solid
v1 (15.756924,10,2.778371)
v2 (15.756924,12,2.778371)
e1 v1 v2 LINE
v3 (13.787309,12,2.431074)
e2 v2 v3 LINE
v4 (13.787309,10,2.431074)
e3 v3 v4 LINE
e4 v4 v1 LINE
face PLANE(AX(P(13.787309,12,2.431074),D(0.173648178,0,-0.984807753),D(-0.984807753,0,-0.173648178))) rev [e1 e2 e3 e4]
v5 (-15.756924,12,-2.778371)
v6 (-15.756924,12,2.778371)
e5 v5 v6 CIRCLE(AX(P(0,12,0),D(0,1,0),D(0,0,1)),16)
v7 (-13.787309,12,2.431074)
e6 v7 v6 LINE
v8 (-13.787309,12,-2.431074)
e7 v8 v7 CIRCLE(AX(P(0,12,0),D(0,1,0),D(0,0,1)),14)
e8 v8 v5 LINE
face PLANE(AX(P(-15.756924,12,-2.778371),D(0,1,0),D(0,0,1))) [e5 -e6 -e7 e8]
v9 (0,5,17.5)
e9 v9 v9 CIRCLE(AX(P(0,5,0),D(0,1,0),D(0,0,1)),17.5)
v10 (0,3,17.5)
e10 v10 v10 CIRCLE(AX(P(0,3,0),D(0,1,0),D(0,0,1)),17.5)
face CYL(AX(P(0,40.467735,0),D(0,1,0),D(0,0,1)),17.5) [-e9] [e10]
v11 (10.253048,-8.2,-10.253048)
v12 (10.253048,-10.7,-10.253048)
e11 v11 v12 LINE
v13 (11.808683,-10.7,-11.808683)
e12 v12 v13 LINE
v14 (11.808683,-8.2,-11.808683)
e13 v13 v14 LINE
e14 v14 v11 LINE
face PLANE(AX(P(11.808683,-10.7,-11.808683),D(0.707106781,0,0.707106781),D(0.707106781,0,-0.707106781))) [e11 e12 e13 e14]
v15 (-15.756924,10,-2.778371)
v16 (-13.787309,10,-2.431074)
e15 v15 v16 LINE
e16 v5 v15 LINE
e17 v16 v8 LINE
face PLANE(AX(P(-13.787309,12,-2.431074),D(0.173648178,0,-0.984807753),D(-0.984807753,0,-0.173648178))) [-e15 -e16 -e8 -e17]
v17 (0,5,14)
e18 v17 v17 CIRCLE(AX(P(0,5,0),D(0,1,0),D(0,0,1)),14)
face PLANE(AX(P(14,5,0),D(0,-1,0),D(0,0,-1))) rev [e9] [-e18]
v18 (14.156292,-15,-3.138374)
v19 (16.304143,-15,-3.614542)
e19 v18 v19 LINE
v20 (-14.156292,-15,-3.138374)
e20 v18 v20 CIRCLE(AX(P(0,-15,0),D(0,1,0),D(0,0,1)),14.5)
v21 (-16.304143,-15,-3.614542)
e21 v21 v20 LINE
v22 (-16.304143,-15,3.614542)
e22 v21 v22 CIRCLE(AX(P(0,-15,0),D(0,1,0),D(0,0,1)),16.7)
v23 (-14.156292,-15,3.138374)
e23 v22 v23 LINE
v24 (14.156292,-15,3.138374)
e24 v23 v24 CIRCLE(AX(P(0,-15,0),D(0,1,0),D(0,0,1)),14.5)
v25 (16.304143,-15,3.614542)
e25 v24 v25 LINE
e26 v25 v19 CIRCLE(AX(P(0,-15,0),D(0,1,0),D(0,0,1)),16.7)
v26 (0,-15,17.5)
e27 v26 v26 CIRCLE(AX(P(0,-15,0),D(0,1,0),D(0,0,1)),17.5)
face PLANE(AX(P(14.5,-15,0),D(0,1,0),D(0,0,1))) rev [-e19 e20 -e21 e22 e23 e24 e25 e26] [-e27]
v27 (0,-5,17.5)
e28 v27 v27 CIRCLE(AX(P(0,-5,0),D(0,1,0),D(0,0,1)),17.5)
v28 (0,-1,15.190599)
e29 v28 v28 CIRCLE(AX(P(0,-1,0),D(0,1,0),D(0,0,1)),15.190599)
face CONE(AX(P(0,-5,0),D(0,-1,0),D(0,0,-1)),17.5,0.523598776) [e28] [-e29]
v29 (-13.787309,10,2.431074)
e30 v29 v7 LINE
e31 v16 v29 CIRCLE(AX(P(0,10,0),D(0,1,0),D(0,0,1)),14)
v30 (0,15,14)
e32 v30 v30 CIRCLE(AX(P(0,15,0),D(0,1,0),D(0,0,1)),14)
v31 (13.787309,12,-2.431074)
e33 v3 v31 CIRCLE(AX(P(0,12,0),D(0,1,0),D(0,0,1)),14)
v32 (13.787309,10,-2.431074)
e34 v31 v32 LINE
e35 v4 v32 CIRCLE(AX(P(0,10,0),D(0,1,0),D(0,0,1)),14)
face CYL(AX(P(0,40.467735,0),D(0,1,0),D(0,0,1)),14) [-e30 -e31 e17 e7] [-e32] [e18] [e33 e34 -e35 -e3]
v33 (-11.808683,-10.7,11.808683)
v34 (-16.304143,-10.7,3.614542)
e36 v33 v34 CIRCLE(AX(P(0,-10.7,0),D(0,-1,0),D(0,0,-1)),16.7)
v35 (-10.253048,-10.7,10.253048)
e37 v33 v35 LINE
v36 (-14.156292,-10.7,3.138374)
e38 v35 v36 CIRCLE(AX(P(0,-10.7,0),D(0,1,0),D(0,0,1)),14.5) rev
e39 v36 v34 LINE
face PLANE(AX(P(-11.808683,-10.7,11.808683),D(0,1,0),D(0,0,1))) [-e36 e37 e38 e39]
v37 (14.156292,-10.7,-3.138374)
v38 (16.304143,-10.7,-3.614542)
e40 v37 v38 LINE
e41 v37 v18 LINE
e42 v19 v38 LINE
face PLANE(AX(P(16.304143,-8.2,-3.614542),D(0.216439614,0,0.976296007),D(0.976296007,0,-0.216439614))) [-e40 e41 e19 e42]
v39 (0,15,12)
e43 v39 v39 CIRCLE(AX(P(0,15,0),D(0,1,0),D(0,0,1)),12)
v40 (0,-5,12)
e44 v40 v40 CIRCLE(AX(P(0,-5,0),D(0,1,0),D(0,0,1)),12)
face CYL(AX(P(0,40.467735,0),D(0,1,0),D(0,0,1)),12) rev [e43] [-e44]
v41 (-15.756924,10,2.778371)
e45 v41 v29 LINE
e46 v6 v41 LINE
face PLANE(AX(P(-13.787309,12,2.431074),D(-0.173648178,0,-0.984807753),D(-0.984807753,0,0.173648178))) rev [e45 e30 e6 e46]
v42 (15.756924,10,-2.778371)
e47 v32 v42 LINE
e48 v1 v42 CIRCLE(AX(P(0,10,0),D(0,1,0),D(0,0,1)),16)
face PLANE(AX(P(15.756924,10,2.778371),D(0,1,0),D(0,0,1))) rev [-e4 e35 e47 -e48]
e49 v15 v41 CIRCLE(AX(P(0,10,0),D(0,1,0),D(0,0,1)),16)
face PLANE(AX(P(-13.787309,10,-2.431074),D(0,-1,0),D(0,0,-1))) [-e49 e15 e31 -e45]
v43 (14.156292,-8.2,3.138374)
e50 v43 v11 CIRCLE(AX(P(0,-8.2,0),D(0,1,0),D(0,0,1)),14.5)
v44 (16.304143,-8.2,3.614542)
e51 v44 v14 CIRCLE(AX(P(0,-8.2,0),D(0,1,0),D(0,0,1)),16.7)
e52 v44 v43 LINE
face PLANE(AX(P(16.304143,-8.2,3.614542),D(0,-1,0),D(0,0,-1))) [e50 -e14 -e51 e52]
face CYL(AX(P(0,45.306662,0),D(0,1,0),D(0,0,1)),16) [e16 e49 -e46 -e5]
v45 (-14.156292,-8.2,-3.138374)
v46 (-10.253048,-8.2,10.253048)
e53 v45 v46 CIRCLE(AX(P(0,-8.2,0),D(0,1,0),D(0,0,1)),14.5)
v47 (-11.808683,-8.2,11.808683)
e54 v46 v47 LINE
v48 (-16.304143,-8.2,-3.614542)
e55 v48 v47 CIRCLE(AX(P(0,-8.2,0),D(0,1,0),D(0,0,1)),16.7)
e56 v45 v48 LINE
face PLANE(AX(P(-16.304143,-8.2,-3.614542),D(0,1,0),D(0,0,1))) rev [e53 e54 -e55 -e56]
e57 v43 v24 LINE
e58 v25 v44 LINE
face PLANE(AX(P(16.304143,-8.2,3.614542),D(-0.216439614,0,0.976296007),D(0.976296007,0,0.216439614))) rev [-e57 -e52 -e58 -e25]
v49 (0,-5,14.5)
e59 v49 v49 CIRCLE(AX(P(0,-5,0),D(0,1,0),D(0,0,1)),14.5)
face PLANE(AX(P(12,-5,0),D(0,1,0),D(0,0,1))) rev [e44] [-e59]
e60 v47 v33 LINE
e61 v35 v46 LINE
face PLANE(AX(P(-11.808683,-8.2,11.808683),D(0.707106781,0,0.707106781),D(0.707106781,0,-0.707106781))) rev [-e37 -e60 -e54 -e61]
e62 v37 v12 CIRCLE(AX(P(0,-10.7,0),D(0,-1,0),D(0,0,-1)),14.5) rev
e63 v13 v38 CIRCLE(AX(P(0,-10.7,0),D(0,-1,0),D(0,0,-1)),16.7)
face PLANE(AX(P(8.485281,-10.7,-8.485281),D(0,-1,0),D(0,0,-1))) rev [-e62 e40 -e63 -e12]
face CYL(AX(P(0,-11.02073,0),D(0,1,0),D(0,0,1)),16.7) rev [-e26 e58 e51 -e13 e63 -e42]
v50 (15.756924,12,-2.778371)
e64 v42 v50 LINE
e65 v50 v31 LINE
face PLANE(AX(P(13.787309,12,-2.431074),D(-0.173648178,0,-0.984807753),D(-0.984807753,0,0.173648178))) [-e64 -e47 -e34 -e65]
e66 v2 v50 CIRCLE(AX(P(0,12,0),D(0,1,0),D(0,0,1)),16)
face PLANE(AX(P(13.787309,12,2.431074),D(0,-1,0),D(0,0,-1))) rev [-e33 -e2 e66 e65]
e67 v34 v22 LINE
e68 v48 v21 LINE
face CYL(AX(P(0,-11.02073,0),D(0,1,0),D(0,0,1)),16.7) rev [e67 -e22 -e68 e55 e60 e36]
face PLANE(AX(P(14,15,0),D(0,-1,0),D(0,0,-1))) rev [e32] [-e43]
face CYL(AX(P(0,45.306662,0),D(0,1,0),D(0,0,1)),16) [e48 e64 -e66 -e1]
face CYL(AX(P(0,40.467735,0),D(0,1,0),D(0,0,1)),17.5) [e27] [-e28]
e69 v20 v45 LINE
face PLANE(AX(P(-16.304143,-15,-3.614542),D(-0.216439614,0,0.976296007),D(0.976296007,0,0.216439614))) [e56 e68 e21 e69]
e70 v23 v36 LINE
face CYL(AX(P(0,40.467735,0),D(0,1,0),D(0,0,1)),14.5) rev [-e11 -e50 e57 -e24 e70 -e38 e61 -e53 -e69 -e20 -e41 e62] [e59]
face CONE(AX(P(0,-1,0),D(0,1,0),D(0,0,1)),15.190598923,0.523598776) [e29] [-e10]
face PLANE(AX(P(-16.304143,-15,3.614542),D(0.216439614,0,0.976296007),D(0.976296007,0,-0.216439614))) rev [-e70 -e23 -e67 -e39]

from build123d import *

# Parameters (mm, degrees)
SKETCH2_W          = 2
SKETCH2_H          = 2
REVOLVE2_ANGLE     = 20
SKETCH3_W          = 2.2
SKETCH3_H          = 6.8
CUT_REVOLVE1_ANGLE = 25
SKETCH4_W          = 4.7
SKETCH4_H          = 2.5
CUT_REVOLVE2_ANGLE = 45


with BuildPart() as part:
    # Sketch1 → Revolve1 (revolve)
    with BuildSketch(Plane.XY, mode=Mode.PRIVATE) as revolve1_sk:
        Polygon((12, 15), (12, -5), (14.5, -5), (14.5, -15), (17.5, -15), (17.5, -5), (15.190598923, -1), (17.5, 3), (17.5, 5), (14, 5), (14, 15), align=None)
    revolve(revolve1_sk.sketch.rotate(Axis((0, 40.467735012, 0), (0, -1, 0)), 90), axis=Axis((0, 40.467735012, 0), (0, -1, 0)))

    # Sketch2 → Revolve2 (revolve, symmetric)
    with BuildSketch(Plane.XY) as revolve2_sk:
        with Locations((15, 11)):
            Rectangle(SKETCH2_W, SKETCH2_H)
        with Locations((-15, 11)):
            Rectangle(SKETCH2_W, SKETCH2_H)
    revolve(axis=Axis((0, 45.306661743, 0), (0, -1, 0)), revolution_arc=REVOLVE2_ANGLE / 2)
    revolve(revolve2_sk.sketch, axis=Axis((0, 45.306661743, 0), (0, 1, 0)), revolution_arc=REVOLVE2_ANGLE / 2)

    # Sketch3 → Cut-Revolve1 (revolve, symmetric, cut)
    with BuildSketch(Plane.XY) as cut_revolve1_sk:
        with Locations((-15.6, -11.6)):
            Rectangle(SKETCH3_W, SKETCH3_H)
        with Locations((15.6, -11.6)):
            Rectangle(SKETCH3_W, SKETCH3_H)
    revolve(axis=Axis((0, -11.020729768, 0), (0, -1, 0)), revolution_arc=CUT_REVOLVE1_ANGLE / 2, mode=Mode.SUBTRACT)
    revolve(cut_revolve1_sk.sketch, axis=Axis((0, -11.020729768, 0), (0, 1, 0)), revolution_arc=CUT_REVOLVE1_ANGLE / 2, mode=Mode.SUBTRACT)

    # Sketch4 → Cut-Revolve2 (revolve, cut)
    with BuildSketch(Plane.XY):
        with Locations((-14.35, -9.45)):
            Rectangle(SKETCH4_W, SKETCH4_H)
        with Locations((14.35, -9.45)):
            Rectangle(SKETCH4_W, SKETCH4_H)
    revolve(axis=Axis((0, -42.004114959, 0), (0, 1, 0)), revolution_arc=CUT_REVOLVE2_ANGLE, mode=Mode.SUBTRACT)


solid = part.part
